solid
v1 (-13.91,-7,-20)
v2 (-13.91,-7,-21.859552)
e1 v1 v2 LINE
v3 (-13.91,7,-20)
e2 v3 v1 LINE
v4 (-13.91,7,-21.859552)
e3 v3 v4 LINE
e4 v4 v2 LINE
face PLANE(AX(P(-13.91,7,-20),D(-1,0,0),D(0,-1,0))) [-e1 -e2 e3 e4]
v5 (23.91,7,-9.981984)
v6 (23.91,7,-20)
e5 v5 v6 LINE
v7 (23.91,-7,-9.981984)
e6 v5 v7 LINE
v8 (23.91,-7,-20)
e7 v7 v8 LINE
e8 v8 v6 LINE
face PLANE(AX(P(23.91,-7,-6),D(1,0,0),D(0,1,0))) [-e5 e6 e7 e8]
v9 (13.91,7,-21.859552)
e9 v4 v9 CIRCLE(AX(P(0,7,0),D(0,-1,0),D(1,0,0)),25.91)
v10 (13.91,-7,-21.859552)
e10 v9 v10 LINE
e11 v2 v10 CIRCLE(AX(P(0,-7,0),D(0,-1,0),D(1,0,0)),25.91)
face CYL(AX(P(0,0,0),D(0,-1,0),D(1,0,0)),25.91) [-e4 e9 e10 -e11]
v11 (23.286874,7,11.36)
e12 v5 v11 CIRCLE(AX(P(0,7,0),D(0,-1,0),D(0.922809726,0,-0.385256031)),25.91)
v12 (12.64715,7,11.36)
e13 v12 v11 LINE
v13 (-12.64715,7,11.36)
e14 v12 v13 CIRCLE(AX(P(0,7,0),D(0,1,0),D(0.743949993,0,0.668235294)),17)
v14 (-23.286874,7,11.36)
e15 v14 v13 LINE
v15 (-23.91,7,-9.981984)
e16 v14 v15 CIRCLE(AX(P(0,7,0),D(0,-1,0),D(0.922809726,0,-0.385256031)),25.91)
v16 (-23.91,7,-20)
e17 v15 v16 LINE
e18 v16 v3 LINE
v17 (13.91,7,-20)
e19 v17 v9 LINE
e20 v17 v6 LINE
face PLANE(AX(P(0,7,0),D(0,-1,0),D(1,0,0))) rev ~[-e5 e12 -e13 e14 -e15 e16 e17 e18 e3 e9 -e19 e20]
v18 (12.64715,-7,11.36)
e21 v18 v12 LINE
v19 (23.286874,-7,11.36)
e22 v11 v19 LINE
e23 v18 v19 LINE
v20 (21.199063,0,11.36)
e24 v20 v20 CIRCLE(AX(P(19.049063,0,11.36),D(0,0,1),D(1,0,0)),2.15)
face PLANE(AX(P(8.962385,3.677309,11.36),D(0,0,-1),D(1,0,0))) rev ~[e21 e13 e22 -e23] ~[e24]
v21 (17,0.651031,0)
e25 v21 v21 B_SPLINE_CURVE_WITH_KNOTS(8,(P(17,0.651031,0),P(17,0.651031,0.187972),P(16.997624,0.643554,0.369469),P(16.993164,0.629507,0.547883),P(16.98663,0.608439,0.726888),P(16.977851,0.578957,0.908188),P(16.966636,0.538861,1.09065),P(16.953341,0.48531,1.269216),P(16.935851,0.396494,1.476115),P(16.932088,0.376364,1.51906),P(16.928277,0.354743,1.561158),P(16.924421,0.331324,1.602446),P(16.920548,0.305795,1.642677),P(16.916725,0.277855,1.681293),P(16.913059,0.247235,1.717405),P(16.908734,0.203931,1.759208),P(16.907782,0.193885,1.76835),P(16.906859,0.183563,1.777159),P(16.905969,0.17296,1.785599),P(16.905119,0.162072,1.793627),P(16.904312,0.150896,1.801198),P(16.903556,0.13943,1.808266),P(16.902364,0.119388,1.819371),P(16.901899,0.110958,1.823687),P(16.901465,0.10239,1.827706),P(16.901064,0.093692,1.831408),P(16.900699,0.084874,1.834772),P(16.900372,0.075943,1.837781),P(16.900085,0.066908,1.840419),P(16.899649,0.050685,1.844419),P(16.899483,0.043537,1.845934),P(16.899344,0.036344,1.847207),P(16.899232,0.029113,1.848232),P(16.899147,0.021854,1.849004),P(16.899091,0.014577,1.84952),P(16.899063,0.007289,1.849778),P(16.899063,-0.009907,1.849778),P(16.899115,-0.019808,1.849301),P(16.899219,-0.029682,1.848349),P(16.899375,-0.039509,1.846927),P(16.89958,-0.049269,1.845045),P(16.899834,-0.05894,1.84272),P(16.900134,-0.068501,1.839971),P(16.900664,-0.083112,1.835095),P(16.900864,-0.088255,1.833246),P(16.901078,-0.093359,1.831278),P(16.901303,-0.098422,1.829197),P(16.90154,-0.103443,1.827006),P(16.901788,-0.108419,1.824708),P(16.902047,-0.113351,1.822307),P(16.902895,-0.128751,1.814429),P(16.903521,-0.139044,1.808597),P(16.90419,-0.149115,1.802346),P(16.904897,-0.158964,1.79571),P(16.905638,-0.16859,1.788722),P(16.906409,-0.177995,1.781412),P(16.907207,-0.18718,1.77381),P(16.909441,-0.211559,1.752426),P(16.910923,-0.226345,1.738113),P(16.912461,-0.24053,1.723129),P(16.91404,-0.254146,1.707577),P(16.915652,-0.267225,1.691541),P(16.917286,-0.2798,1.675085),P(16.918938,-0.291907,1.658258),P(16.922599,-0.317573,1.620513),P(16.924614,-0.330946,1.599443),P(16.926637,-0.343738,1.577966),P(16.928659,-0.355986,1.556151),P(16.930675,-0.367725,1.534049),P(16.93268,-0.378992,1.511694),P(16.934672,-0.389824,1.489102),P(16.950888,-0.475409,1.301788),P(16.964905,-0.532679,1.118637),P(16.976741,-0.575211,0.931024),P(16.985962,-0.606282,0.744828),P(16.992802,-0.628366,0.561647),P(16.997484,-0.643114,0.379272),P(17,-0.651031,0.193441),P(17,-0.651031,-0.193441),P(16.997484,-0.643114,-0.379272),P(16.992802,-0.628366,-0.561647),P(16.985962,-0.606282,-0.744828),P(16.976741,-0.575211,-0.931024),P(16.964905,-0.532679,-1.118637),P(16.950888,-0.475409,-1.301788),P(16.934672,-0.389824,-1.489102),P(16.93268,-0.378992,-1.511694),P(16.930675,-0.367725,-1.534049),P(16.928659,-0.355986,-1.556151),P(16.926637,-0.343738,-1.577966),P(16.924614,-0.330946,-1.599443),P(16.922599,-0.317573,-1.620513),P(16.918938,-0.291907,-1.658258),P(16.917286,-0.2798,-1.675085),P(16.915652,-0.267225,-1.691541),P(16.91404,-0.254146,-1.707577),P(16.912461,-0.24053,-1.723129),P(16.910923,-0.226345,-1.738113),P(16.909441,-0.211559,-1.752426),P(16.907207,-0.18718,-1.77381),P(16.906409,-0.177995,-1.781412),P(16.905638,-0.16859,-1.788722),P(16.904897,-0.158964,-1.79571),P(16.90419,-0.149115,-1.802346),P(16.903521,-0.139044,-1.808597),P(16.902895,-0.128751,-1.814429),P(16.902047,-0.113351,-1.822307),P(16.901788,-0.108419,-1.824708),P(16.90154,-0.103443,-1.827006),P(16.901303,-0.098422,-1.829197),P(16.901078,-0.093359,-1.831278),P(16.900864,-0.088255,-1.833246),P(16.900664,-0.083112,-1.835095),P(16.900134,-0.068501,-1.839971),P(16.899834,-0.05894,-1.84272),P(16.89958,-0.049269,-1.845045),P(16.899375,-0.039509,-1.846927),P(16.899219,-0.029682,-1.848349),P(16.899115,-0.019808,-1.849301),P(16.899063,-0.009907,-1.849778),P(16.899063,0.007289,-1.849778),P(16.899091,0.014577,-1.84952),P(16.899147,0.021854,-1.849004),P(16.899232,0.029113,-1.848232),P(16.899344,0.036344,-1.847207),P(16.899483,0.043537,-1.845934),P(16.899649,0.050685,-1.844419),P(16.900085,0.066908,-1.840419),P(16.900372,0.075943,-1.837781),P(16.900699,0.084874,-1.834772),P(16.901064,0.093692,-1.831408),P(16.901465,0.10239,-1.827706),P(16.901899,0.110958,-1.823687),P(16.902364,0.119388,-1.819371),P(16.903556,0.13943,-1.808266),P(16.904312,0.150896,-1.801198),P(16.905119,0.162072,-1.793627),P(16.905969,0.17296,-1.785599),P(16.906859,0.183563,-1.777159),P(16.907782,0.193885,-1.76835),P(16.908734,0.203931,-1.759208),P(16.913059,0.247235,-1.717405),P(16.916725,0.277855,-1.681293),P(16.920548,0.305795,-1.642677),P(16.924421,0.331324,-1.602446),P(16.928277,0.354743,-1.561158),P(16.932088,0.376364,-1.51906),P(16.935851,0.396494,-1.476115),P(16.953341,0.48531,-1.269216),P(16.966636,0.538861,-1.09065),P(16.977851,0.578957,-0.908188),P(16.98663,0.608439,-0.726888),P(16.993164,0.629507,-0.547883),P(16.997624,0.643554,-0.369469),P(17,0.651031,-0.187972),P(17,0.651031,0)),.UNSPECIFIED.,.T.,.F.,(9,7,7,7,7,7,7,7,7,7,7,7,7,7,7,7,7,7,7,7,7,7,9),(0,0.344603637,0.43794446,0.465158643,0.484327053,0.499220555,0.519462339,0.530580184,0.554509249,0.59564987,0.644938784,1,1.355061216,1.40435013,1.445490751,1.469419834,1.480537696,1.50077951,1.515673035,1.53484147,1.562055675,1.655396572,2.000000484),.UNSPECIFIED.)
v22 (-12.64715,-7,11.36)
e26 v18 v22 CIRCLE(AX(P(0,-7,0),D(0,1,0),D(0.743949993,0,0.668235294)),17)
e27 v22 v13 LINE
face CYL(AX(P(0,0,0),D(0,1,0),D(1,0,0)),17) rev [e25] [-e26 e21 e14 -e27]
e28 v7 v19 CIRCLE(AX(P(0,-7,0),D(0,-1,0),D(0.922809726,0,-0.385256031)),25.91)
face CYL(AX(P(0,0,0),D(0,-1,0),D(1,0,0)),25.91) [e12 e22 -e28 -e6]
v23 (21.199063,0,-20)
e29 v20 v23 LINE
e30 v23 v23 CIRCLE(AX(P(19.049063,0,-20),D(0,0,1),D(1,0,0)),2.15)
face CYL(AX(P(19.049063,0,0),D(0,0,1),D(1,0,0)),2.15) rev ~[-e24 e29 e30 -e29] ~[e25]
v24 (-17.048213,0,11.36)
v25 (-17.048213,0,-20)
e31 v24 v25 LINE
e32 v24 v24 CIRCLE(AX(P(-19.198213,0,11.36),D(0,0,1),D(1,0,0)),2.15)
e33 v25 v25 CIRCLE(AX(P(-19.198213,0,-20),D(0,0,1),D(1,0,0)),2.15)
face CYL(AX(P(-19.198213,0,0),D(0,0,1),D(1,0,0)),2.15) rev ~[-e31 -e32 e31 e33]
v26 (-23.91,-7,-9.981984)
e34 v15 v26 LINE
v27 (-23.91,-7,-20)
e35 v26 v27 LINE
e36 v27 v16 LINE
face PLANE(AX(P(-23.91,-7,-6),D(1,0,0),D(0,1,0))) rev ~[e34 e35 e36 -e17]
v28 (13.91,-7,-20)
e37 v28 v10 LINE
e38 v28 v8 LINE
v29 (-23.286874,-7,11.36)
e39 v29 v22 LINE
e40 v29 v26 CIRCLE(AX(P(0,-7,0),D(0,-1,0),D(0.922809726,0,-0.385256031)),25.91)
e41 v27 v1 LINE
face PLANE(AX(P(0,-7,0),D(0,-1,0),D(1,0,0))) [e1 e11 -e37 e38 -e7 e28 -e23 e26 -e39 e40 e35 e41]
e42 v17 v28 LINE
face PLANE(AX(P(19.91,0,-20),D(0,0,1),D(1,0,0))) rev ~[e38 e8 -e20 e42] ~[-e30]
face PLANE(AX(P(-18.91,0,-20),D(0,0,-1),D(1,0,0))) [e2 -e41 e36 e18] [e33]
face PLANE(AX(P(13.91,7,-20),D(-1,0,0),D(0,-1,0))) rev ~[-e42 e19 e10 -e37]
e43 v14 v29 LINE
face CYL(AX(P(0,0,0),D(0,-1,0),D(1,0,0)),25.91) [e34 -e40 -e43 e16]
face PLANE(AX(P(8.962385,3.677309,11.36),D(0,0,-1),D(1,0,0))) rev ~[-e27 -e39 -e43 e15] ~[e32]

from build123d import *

# Parameters (mm, degrees)
F0_R          = 25.91
F1_DEPTH      = 7
F1_DEPTH_BACK = 7
F2_R          = 17
F3_DEPTH      = 7
F3_DEPTH_BACK = 7
F6_START      = -6
F5_W          = 8
F5_H          = 14
F6_DEPTH      = 14
F7_R          = 2.15
F8_DEPTH      = 30
F8_DEPTH_BACK = 30
F9_W          = 10
F9_H          = 14
F10_DEPTH     = 10
F14_W         = 122.705668211
F14_H         = 84.9680826068
F15_DEPTH     = 18


with BuildPart() as f1:
    # F0 (on Front) → F1 (new body, two sides)
    with BuildSketch(Plane.XZ) as f1_sk:
        Circle(F0_R)
    extrude(amount=F1_DEPTH)
    extrude(f1_sk.sketch, amount=-F1_DEPTH_BACK)

    # F2 (on Front) → F3 (cut, two sides)
    with BuildSketch(Plane.XZ) as f3_sk:
        Circle(F2_R)
    extrude(amount=-F3_DEPTH, mode=Mode.SUBTRACT)
    extrude(f3_sk.sketch, amount=F3_DEPTH_BACK, mode=Mode.SUBTRACT)

    # F5 (on face) → F6 (join)
    with BuildSketch(Plane.XY.offset(F6_START)):
        with Locations((-19.91, 0)):
            Rectangle(F5_W, F5_H)
        with Locations((19.91, 0)):
            Rectangle(F5_W, F5_H)
    extrude(amount=-F6_DEPTH)

    # F7 (on face) → F8 (cut, two sides)
    with BuildSketch(Plane.XY) as f8_sk:
        with Locations((-19.1982129737, 0)):
            Circle(F7_R)
        with Locations((19.0490627756, 0)):
            Circle(F7_R)
    extrude(amount=F8_DEPTH, mode=Mode.SUBTRACT)
    extrude(f8_sk.sketch, amount=-F8_DEPTH_BACK, mode=Mode.SUBTRACT)

    # F9 (on face) → F10 (cut)
    with BuildSketch(Plane(origin=(0, 0, -20), x_dir=(1, 0, 0), z_dir=(0, 0, -1))):
        with Locations((-18.91, 0)):
            Rectangle(F9_W, F9_H)
        with Locations((18.91, 0)):
            Rectangle(F9_W, F9_H)
    extrude(amount=F10_DEPTH, mode=Mode.SUBTRACT)

    # F14 (on 3pt) → F15 (cut)
    with BuildSketch(Plane(origin=(0, 0, 11.36), x_dir=(1, 0, 0), z_dir=(0, 0, -1))):
        with Locations((8.9623853564, -3.6773085594)):
            Rectangle(F14_W, F14_H)
    extrude(amount=-F15_DEPTH, mode=Mode.SUBTRACT)


solid = f1.part
